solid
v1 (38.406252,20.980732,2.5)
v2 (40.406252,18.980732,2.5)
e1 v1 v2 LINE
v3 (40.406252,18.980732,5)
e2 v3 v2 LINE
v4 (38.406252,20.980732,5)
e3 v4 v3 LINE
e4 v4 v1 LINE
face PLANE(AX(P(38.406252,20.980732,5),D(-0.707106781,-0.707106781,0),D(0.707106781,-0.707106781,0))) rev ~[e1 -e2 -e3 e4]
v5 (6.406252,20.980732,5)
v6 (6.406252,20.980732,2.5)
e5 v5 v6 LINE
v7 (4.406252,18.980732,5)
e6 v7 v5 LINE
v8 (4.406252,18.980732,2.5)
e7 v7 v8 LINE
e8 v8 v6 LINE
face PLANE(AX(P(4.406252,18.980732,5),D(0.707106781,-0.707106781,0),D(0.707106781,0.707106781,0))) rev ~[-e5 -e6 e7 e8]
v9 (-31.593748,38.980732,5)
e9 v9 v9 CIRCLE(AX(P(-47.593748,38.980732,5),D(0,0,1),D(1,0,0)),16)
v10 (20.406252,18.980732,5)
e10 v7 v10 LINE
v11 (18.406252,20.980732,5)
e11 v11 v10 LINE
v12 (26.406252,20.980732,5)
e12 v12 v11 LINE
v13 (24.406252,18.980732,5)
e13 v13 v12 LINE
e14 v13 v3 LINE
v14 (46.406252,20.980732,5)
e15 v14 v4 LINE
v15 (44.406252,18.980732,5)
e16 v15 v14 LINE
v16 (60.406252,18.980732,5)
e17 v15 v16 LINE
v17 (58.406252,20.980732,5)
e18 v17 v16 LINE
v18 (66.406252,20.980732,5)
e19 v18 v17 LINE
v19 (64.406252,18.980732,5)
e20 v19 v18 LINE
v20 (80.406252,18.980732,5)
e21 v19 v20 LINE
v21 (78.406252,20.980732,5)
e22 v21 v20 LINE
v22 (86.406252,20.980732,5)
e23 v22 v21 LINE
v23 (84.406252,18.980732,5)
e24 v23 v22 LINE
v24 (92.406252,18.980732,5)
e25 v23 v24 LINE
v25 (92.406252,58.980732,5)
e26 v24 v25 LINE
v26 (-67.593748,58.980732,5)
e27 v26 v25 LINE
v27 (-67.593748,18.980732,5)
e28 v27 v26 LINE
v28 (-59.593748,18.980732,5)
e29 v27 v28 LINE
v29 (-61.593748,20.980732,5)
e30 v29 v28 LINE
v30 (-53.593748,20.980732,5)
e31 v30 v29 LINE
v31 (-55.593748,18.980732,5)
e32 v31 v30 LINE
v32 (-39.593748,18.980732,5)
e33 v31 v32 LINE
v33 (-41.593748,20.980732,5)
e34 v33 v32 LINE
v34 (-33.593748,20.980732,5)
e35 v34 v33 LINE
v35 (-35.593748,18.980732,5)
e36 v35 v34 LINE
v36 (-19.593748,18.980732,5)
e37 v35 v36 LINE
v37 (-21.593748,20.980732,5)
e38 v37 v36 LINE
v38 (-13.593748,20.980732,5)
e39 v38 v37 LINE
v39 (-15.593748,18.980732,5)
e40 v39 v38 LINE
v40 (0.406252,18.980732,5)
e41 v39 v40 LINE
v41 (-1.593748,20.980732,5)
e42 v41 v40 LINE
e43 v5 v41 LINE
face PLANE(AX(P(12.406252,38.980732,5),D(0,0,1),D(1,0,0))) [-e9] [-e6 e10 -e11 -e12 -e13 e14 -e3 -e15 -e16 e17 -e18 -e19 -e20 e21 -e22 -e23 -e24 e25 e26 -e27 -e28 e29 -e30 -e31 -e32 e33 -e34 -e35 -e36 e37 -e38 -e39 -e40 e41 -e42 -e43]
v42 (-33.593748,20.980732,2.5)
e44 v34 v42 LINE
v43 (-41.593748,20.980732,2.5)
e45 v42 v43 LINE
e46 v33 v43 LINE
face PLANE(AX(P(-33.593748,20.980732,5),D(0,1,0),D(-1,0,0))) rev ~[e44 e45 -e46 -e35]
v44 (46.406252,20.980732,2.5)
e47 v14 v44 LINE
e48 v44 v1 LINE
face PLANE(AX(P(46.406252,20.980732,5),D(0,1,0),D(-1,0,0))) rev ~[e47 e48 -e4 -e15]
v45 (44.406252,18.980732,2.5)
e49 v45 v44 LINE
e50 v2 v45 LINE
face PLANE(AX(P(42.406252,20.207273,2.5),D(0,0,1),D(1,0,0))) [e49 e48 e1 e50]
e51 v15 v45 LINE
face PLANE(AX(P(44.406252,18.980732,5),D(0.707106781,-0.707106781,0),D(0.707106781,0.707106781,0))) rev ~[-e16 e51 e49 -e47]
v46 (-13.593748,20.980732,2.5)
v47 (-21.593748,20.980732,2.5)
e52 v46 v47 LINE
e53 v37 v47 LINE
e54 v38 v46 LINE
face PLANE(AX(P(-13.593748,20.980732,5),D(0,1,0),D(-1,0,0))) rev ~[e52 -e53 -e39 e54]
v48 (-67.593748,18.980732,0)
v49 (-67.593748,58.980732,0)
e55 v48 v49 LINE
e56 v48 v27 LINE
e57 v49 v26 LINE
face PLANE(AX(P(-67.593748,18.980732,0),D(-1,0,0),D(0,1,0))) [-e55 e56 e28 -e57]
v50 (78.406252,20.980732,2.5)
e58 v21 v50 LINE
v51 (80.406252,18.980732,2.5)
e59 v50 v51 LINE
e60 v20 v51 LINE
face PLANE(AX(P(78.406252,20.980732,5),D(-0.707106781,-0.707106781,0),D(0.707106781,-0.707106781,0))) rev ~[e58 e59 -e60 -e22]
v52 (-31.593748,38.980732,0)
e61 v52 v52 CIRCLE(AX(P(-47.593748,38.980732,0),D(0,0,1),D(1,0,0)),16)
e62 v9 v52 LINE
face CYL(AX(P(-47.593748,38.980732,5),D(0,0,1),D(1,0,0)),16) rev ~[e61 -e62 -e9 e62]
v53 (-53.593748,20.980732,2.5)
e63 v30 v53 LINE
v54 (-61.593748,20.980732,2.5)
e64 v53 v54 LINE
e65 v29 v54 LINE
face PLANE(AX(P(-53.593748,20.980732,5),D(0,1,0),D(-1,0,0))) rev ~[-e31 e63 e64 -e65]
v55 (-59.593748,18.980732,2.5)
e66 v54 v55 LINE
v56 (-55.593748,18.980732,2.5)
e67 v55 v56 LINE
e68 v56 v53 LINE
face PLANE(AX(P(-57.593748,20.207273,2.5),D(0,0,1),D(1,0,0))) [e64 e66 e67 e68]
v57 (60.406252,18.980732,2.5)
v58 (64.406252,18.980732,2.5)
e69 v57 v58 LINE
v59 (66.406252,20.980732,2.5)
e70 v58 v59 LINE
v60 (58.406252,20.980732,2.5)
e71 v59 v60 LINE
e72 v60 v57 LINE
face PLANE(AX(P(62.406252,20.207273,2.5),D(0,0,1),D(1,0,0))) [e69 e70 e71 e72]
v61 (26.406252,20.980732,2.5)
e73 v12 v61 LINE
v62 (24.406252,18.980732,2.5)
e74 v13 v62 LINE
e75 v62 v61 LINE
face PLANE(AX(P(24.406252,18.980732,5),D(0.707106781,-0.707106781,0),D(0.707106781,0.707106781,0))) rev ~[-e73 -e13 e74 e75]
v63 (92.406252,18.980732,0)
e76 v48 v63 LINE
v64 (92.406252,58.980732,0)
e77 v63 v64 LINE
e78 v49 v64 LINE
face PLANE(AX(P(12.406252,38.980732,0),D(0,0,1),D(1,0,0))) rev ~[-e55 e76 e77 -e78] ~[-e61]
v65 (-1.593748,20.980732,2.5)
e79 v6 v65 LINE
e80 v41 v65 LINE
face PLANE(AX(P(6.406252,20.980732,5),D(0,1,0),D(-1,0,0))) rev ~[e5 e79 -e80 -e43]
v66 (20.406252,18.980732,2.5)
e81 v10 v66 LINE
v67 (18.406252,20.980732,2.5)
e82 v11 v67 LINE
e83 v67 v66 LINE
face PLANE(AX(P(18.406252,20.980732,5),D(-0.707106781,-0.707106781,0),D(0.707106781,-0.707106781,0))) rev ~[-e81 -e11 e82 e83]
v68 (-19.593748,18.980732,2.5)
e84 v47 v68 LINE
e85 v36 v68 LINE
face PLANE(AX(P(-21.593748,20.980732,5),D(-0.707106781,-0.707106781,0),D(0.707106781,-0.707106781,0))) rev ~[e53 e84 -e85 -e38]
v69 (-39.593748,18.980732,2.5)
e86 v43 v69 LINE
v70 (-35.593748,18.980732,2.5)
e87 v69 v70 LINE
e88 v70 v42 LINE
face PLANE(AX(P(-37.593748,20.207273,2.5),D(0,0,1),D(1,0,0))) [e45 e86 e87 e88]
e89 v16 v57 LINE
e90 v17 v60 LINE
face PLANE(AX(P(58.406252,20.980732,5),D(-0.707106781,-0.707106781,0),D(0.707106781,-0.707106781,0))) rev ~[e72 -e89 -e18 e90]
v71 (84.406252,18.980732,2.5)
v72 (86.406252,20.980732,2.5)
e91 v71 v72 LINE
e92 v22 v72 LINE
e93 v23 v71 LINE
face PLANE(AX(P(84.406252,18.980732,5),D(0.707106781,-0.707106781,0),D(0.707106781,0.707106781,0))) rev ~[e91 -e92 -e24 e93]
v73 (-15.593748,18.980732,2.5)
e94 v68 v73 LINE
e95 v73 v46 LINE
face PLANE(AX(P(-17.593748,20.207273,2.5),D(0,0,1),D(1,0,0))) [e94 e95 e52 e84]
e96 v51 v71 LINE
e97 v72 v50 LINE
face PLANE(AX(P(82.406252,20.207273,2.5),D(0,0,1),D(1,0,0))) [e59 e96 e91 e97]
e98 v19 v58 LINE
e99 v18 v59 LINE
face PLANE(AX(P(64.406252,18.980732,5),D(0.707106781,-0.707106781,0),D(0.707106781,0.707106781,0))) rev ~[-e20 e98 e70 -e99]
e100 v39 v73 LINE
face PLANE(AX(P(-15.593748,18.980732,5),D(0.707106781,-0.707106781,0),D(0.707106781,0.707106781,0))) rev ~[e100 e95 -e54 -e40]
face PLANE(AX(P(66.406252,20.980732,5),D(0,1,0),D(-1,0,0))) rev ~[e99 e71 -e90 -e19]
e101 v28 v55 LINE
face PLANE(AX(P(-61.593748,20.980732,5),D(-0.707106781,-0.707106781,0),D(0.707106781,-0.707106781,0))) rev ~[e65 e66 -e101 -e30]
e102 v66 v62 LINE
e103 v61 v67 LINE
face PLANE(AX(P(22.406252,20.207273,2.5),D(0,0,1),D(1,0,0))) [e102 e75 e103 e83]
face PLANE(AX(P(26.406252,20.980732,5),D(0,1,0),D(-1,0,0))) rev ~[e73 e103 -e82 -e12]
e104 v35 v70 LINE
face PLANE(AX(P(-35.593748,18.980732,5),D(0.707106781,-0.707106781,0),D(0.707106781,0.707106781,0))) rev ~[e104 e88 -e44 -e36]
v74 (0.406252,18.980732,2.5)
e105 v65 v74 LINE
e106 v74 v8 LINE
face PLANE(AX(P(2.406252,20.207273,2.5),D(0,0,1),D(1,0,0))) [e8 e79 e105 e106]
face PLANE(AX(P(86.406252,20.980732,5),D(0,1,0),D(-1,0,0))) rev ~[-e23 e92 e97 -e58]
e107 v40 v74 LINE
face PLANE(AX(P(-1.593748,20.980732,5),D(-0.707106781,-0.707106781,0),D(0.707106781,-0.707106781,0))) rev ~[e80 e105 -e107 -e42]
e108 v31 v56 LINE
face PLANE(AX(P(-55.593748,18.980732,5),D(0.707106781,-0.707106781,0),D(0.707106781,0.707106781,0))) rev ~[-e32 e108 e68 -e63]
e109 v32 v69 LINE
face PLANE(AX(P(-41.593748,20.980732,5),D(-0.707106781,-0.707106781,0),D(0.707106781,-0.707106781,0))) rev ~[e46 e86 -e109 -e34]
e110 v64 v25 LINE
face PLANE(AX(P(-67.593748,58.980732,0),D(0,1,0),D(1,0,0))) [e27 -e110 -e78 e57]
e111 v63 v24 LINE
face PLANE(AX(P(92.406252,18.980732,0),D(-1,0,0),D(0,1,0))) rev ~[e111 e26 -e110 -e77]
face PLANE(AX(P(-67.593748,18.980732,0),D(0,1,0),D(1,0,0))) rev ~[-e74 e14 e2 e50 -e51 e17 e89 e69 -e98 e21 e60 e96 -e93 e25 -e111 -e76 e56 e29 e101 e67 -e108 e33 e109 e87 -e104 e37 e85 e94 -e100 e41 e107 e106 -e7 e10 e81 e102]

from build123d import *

# Parameters (mm, degrees)
F0_W     = 160
F0_H     = 40
F1_DEPTH = 5
F2_R     = 16
F3_DEPTH = 5
F5_DEPTH = 2.5


with BuildPart() as f1:
    # F0 (on Top) → F1 (new body)
    with BuildSketch(Plane.XY):
        with Locations((12.406252, 38.980732)):
            Rectangle(F0_W, F0_H)
    extrude(amount=F1_DEPTH)

    # F2 (on face) → F3 (cut)
    with BuildSketch(Plane.XY.offset(5)):
        with Locations((-47.593748, 38.980732)):
            Circle(F2_R)
    extrude(amount=-F3_DEPTH, mode=Mode.SUBTRACT)

    # F4 (on face) → F5 (cut)
    with BuildSketch(Plane.XY.offset(5)):
        Polygon((-53.593748, 20.980732), (-61.593748, 20.980732), (-59.593748, 18.980732), (-55.593748, 18.980732), align=None)
        Polygon((-33.593748, 20.980732), (-41.593748, 20.980732), (-39.593748, 18.980732), (-35.593748, 18.980732), align=None)
        Polygon((-13.593748, 20.980732), (-21.593748, 20.980732), (-19.593748, 18.980732), (-15.593748, 18.980732), align=None)
        Polygon((6.406252, 20.980732), (-1.593748, 20.980732), (0.406252, 18.980732), (4.406252, 18.980732), align=None)
        Polygon((26.406252, 20.980732), (18.406252, 20.980732), (20.406252, 18.980732), (24.406252, 18.980732), align=None)
        Polygon((44.406252, 18.980732), (46.406252, 20.980732), (38.406252, 20.980732), (40.406252, 18.980732), align=None)
        Polygon((64.406252, 18.980732), (66.406252, 20.980732), (58.406252, 20.980732), (60.406252, 18.980732), align=None)
        Polygon((84.406252, 18.980732), (86.406252, 20.980732), (78.406252, 20.980732), (80.406252, 18.980732), align=None)
    extrude(amount=-F5_DEPTH, mode=Mode.SUBTRACT)


solid = f1.part
